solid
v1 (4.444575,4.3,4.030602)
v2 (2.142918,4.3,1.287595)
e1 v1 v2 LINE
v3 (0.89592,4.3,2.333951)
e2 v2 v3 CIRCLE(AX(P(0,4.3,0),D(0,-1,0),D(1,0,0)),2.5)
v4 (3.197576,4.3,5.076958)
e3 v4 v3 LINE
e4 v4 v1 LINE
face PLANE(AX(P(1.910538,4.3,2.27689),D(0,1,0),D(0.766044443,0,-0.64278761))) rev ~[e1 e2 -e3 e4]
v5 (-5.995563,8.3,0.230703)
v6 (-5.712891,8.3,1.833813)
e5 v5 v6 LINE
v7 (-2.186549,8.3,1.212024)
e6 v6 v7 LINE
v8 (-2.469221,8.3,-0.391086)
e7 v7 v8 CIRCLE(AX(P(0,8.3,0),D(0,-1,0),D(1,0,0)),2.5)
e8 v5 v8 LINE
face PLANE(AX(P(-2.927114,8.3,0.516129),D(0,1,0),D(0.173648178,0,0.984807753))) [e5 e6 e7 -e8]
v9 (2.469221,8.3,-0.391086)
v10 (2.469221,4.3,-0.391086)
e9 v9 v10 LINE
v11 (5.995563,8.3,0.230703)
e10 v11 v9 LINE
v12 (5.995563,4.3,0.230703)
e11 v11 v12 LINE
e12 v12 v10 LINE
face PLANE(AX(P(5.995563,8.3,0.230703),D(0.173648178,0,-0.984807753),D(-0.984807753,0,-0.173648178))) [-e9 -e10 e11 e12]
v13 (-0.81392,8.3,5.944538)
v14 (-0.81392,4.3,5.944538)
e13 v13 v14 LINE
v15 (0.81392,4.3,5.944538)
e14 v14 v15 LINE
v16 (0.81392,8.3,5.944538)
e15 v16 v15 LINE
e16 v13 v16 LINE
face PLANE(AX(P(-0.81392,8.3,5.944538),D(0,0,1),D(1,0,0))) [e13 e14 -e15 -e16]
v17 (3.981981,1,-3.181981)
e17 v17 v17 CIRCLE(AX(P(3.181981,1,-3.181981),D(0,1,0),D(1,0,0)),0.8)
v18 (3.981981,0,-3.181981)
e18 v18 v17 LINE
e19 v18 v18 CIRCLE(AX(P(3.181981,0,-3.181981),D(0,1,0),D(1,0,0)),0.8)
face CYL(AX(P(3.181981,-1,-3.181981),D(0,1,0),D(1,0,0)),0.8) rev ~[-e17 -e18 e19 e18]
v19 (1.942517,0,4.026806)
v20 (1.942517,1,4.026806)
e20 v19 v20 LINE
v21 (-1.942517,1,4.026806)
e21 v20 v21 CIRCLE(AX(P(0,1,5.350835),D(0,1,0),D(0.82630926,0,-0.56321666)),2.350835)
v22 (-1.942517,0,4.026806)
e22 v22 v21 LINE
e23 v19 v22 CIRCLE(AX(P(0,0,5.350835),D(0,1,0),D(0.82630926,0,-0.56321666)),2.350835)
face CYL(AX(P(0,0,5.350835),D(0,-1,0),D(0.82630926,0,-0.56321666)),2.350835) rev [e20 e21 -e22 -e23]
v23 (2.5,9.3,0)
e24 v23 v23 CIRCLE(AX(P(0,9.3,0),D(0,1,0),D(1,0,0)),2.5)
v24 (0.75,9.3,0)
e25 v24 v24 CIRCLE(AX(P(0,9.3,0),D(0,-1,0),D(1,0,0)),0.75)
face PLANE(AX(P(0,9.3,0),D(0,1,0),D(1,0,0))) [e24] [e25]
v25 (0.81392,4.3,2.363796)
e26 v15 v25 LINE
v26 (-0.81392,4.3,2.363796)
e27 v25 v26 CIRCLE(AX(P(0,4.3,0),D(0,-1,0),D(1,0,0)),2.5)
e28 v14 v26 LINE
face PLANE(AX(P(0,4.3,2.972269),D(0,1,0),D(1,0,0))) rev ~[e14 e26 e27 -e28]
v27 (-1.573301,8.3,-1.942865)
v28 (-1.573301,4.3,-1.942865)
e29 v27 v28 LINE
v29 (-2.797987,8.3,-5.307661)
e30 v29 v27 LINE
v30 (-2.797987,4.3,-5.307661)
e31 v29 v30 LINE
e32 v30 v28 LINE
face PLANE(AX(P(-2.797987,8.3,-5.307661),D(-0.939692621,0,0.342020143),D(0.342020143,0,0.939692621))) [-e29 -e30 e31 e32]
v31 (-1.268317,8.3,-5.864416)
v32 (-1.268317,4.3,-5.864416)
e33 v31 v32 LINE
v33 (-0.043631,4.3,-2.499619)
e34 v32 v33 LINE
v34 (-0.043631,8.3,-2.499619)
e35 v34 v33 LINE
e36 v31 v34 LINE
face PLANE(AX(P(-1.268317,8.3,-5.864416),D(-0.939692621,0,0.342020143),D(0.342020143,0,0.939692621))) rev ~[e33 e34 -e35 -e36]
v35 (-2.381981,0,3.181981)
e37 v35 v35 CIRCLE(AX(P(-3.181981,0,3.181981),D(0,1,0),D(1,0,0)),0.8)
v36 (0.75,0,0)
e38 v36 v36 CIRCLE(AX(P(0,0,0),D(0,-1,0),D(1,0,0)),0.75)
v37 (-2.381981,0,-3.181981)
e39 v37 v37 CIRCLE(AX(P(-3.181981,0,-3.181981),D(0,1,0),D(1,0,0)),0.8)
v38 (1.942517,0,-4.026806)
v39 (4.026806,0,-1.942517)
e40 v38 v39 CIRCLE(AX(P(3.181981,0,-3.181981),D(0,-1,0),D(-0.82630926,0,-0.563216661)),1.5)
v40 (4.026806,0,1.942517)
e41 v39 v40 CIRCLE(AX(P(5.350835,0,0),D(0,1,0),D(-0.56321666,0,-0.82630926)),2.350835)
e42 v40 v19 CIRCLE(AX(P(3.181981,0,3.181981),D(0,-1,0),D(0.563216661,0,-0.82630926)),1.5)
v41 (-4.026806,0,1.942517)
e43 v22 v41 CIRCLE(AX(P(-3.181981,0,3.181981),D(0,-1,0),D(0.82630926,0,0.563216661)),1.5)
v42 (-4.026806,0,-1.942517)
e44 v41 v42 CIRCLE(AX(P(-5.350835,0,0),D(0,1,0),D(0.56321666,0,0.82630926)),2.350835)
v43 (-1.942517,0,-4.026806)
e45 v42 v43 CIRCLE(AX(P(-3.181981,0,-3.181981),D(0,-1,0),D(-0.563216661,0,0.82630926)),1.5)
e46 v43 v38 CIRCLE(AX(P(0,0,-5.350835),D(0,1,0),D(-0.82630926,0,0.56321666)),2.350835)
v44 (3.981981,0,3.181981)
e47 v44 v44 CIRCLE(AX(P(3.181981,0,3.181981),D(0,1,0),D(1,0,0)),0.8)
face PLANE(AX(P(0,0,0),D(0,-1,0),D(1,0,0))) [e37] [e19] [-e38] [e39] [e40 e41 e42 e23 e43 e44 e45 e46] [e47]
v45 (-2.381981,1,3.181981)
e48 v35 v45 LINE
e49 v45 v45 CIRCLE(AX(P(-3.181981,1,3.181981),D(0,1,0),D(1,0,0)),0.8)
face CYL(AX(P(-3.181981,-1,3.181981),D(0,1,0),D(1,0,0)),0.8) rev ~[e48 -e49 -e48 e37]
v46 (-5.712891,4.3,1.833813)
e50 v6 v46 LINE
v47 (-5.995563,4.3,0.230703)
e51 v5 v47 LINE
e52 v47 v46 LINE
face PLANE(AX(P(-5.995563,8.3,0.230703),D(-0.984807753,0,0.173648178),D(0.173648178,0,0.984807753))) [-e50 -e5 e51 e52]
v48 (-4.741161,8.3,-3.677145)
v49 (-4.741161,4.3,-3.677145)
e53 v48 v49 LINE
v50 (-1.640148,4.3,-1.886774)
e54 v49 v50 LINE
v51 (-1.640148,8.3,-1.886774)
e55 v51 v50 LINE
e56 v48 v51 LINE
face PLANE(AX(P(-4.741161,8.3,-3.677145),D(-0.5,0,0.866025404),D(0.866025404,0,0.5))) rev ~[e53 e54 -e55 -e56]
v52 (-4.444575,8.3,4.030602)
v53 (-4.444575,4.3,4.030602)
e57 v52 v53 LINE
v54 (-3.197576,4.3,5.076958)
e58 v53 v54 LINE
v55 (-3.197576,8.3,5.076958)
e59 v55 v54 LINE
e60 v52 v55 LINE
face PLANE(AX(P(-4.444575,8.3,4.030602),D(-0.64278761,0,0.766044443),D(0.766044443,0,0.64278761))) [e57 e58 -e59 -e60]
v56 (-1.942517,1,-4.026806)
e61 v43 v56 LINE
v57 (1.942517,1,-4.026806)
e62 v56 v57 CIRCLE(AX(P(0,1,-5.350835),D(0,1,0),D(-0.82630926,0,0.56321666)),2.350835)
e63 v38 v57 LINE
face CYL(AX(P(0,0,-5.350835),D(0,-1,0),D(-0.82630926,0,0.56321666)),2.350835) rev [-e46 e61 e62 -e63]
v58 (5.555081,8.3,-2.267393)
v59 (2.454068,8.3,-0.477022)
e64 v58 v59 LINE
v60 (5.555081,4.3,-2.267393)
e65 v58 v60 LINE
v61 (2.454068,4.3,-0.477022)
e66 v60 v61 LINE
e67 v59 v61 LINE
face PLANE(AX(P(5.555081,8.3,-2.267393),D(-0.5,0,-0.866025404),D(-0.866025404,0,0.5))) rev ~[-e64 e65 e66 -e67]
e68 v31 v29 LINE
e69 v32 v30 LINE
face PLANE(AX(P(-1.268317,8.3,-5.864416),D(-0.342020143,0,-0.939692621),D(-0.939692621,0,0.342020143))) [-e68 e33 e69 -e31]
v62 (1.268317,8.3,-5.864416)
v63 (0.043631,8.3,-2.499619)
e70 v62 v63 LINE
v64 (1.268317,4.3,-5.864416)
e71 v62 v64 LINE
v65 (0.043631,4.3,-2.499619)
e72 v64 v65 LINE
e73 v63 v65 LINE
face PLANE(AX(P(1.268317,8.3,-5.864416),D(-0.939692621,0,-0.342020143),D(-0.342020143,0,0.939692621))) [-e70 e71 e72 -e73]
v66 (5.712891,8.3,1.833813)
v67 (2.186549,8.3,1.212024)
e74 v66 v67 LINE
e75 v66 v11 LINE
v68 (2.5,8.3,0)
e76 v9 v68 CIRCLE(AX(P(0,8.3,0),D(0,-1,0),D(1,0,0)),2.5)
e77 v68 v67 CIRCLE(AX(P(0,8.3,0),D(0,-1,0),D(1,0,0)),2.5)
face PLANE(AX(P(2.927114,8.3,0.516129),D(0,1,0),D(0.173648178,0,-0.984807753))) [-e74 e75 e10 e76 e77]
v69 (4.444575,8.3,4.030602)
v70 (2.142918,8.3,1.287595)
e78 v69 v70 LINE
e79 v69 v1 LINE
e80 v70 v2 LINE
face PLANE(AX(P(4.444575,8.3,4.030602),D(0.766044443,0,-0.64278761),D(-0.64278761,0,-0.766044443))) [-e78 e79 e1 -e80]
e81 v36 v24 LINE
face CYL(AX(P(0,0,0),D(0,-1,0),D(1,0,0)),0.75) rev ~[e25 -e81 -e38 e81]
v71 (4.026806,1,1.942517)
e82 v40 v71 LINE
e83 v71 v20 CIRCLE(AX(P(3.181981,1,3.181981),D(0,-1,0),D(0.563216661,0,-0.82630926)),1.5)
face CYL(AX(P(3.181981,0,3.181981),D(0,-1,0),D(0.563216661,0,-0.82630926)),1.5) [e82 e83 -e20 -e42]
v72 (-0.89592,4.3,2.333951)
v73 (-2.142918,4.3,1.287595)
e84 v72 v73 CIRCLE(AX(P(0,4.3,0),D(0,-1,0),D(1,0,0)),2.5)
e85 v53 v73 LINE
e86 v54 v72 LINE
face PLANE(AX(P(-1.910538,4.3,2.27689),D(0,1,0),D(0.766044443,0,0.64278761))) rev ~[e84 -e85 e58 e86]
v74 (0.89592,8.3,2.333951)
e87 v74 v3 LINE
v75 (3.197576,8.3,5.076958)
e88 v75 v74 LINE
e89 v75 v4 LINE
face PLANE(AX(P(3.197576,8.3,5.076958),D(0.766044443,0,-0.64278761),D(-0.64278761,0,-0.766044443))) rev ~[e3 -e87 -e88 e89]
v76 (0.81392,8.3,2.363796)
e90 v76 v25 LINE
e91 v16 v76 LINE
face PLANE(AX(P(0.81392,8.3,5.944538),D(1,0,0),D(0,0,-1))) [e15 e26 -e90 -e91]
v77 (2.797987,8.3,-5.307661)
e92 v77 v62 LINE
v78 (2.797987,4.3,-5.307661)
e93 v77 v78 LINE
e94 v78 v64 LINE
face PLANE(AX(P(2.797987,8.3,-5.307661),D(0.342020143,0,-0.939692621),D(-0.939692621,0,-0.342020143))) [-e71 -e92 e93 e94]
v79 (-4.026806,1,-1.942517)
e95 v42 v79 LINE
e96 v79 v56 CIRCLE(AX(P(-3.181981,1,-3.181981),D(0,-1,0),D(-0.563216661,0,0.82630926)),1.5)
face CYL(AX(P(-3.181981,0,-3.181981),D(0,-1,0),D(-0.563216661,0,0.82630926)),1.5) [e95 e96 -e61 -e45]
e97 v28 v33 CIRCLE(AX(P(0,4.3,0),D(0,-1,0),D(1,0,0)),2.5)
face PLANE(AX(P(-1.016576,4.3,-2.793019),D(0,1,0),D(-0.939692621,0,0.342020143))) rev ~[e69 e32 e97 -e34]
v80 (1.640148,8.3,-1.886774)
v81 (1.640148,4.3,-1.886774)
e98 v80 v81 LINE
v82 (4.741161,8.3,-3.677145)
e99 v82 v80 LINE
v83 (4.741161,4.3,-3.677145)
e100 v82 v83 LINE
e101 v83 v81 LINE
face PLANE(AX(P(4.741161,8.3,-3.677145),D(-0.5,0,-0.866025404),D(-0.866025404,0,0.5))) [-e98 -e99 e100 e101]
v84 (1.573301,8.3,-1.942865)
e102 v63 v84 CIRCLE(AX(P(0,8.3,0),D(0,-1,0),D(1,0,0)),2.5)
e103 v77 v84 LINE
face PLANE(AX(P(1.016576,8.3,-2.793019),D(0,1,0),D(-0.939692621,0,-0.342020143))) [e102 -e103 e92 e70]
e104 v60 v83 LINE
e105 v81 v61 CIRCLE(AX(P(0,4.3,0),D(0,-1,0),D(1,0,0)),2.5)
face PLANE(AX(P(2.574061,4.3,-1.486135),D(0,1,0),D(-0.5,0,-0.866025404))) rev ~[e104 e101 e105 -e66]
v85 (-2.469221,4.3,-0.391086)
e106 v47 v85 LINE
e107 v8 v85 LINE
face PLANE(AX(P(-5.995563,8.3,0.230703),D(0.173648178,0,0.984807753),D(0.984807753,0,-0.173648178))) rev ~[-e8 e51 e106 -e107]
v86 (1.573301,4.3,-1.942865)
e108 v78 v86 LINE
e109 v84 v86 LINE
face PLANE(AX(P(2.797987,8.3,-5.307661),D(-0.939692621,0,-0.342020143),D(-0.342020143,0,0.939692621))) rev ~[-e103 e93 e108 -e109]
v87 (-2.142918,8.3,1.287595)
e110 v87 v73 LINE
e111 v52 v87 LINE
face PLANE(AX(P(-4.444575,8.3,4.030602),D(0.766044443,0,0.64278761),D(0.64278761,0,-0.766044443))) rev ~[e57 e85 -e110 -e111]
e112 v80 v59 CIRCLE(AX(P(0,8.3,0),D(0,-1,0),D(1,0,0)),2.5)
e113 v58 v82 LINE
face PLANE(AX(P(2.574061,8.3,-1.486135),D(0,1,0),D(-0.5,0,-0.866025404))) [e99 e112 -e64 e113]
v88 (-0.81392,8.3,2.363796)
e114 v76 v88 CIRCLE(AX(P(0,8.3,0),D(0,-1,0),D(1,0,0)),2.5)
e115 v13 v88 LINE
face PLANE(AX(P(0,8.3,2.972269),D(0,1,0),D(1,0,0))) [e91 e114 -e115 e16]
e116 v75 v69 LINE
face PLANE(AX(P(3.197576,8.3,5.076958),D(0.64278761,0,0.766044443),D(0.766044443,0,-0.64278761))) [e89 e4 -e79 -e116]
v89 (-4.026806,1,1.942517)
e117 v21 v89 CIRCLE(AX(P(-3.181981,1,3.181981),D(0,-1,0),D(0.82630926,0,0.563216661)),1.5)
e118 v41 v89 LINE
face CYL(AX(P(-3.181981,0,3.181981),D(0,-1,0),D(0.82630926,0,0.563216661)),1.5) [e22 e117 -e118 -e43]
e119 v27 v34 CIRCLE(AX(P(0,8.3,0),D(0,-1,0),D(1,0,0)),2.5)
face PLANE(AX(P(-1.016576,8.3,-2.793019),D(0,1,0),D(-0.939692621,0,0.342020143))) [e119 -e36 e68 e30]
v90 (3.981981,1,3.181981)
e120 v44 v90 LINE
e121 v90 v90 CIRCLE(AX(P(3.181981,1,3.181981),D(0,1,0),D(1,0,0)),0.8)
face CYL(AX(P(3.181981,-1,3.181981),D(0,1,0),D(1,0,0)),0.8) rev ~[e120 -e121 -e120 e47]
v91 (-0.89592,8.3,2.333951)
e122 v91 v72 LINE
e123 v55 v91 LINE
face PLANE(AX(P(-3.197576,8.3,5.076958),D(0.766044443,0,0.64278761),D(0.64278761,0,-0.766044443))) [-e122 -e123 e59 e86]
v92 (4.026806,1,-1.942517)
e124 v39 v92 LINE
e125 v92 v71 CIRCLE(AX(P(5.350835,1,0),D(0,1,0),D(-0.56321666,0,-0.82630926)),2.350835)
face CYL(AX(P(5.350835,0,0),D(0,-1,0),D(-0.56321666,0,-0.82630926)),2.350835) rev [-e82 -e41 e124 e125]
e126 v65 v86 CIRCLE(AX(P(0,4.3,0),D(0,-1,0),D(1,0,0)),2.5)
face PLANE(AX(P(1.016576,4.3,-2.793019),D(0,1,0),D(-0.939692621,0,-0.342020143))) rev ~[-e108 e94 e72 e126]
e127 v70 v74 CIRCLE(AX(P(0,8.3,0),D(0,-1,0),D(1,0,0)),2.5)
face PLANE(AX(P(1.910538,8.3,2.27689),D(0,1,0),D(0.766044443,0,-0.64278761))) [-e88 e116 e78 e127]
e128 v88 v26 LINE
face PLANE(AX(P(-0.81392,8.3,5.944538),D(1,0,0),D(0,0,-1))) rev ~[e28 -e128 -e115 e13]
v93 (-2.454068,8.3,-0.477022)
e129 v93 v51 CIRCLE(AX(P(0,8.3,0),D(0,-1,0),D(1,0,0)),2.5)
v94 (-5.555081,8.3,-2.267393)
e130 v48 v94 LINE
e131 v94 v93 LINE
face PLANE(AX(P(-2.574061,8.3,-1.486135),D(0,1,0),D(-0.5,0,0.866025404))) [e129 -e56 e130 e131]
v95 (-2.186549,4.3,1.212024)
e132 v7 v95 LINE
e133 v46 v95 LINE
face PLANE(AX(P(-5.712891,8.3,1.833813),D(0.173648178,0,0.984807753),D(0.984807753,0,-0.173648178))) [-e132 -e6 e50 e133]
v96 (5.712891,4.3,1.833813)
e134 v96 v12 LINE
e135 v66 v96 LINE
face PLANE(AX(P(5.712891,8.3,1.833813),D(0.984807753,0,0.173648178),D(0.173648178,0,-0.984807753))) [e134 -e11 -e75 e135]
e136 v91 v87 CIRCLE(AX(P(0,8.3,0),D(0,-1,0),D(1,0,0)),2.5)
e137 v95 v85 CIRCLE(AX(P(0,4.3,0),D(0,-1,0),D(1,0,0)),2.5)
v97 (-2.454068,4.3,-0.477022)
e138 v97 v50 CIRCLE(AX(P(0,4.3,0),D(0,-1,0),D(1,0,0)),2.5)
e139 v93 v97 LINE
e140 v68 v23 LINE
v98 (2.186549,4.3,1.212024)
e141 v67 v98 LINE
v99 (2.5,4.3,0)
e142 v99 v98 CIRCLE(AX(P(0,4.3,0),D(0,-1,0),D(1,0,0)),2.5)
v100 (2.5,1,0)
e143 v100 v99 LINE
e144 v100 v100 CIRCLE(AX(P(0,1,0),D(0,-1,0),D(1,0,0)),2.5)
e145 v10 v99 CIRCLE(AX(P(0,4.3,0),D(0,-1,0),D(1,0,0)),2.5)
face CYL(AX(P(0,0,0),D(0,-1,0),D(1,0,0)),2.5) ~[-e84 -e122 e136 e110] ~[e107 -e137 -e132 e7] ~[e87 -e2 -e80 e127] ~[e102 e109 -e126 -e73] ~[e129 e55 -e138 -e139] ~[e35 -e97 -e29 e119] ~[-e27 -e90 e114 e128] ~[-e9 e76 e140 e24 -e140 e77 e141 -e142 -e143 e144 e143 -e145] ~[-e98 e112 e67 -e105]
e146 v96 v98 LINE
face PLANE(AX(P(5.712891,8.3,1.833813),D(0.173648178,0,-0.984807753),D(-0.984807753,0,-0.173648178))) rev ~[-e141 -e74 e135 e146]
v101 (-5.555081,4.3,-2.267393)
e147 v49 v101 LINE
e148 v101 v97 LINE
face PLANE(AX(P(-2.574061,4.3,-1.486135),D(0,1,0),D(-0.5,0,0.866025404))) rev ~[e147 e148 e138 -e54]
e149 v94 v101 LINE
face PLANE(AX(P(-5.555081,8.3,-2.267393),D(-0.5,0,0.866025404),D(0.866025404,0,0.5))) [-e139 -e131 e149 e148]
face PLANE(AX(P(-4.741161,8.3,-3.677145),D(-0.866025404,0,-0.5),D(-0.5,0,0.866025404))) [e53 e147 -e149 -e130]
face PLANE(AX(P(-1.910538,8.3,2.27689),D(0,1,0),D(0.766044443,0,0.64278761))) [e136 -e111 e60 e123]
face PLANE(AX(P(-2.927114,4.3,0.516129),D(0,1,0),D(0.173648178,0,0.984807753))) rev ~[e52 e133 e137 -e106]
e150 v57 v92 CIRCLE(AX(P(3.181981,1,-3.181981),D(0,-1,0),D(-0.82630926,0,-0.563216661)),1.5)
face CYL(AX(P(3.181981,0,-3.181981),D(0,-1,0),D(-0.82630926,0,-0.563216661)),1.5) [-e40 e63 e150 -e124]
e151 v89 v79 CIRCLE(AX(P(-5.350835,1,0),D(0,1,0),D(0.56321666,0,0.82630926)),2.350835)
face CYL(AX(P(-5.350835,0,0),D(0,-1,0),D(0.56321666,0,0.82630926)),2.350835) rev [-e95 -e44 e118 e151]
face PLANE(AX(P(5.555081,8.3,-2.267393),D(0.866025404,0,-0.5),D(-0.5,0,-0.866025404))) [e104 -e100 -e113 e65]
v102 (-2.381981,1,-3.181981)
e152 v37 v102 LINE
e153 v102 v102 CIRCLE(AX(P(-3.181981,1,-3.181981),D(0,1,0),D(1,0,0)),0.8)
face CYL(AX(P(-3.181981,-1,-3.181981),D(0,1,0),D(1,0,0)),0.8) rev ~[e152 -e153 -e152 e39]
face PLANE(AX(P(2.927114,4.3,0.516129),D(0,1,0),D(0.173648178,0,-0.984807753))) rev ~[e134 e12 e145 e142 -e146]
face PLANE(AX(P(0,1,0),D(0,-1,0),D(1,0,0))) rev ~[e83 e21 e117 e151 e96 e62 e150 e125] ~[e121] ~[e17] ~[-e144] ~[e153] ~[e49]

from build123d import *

# Parameters (mm, degrees)
SKETCH1_R                 = 2.5
BOSS_EXTRUDE1_DEPTH       = 9.3
BOSS_EXTRUDE2_START       = -1
SKETCH3_W                 = 1.627840772
SKETCH3_H                 = 5.944538132
BOSS_EXTRUDE2_DEPTH       = 4
CIRPATTERN1_COUNT         = 9
BOSS_EXTRUDE3_DEPTH       = 1
M2X0_4_TAPPED_HOLE1_D     = 1.6
M2X0_4_TAPPED_HOLE1_DEPTH = 1
SKETCH7_R                 = 0.75
CUT_EXTRUDE1_DEPTH        = 10.3


with BuildPart() as part:
    # Sketch1 → Boss-Extrude1 (new body)
    with BuildSketch(Plane(origin=(0, 0, 0), x_dir=(1, 0, 0), z_dir=(0, 1, 0))):
        Circle(SKETCH1_R)
    extrude(amount=BOSS_EXTRUDE1_DEPTH)

    # Sketch3 → Boss-Extrude2 (add)
    with BuildSketch(Plane(origin=(0, 9.3, 0), x_dir=(1, 0, 0), z_dir=(0, 1, 0)).offset(BOSS_EXTRUDE2_START)):
        with Locations((0, -2.972269066)):
            Rectangle(SKETCH3_W, SKETCH3_H)
    boss_extrude2 = extrude(amount=-BOSS_EXTRUDE2_DEPTH)

    # CirPattern1: Boss-Extrude2 ×9 about axis
    cirpattern1_axis = Axis((0, 0, 0), (0, 1, 0))
    for i in range(1, CIRPATTERN1_COUNT):
        add(boss_extrude2.rotate(cirpattern1_axis, i * 360 / CIRPATTERN1_COUNT))

    # Sketch4 → Boss-Extrude3 (add)
    with BuildSketch(Plane.XZ):
        with BuildLine():
            ThreePointArc((-1.942516625, 4.026805507), (-4.242640687, 4.242640687), (-4.026805507, 1.942516625))
            ThreePointArc((-4.026805507, 1.942516625), (-3, 0), (-4.026805507, -1.942516625))
            ThreePointArc((-4.026805507, -1.942516625), (-4.242640687, -4.242640687), (-1.942516625, -4.026805507))
            ThreePointArc((-1.942516625, -4.026805507), (0, -3), (1.942516625, -4.026805507))
            ThreePointArc((1.942516625, -4.026805507), (4.242640687, -4.242640687), (4.026805507, -1.942516625))
            ThreePointArc((4.026805507, -1.942516625), (3, 0), (4.026805507, 1.942516625))
            ThreePointArc((4.026805507, 1.942516625), (4.242640687, 4.242640687), (1.942516625, 4.026805507))
            ThreePointArc((1.942516625, 4.026805507), (0, 3), (-1.942516625, 4.026805507))
        make_face()
    extrude(amount=-BOSS_EXTRUDE3_DEPTH)

    # M2x0.4 Tapped Hole1
    with Locations(Plane(origin=(0, 0, 0), x_dir=(-1, 0, 0), z_dir=(0, -1, 0))):
        with Locations((3.181980515, 3.181980515), (-3.181980515, 3.181980515), (-3.181980515, -3.181980515), (3.181980515, -3.181980515)):
            Hole(M2X0_4_TAPPED_HOLE1_D / 2, depth=M2X0_4_TAPPED_HOLE1_DEPTH)

    # Sketch7 → Cut-Extrude1 (cut, through all)
    with BuildSketch(Plane.XZ):
        Circle(SKETCH7_R)
    extrude(amount=-CUT_EXTRUDE1_DEPTH, mode=Mode.SUBTRACT)


solid = part.part
